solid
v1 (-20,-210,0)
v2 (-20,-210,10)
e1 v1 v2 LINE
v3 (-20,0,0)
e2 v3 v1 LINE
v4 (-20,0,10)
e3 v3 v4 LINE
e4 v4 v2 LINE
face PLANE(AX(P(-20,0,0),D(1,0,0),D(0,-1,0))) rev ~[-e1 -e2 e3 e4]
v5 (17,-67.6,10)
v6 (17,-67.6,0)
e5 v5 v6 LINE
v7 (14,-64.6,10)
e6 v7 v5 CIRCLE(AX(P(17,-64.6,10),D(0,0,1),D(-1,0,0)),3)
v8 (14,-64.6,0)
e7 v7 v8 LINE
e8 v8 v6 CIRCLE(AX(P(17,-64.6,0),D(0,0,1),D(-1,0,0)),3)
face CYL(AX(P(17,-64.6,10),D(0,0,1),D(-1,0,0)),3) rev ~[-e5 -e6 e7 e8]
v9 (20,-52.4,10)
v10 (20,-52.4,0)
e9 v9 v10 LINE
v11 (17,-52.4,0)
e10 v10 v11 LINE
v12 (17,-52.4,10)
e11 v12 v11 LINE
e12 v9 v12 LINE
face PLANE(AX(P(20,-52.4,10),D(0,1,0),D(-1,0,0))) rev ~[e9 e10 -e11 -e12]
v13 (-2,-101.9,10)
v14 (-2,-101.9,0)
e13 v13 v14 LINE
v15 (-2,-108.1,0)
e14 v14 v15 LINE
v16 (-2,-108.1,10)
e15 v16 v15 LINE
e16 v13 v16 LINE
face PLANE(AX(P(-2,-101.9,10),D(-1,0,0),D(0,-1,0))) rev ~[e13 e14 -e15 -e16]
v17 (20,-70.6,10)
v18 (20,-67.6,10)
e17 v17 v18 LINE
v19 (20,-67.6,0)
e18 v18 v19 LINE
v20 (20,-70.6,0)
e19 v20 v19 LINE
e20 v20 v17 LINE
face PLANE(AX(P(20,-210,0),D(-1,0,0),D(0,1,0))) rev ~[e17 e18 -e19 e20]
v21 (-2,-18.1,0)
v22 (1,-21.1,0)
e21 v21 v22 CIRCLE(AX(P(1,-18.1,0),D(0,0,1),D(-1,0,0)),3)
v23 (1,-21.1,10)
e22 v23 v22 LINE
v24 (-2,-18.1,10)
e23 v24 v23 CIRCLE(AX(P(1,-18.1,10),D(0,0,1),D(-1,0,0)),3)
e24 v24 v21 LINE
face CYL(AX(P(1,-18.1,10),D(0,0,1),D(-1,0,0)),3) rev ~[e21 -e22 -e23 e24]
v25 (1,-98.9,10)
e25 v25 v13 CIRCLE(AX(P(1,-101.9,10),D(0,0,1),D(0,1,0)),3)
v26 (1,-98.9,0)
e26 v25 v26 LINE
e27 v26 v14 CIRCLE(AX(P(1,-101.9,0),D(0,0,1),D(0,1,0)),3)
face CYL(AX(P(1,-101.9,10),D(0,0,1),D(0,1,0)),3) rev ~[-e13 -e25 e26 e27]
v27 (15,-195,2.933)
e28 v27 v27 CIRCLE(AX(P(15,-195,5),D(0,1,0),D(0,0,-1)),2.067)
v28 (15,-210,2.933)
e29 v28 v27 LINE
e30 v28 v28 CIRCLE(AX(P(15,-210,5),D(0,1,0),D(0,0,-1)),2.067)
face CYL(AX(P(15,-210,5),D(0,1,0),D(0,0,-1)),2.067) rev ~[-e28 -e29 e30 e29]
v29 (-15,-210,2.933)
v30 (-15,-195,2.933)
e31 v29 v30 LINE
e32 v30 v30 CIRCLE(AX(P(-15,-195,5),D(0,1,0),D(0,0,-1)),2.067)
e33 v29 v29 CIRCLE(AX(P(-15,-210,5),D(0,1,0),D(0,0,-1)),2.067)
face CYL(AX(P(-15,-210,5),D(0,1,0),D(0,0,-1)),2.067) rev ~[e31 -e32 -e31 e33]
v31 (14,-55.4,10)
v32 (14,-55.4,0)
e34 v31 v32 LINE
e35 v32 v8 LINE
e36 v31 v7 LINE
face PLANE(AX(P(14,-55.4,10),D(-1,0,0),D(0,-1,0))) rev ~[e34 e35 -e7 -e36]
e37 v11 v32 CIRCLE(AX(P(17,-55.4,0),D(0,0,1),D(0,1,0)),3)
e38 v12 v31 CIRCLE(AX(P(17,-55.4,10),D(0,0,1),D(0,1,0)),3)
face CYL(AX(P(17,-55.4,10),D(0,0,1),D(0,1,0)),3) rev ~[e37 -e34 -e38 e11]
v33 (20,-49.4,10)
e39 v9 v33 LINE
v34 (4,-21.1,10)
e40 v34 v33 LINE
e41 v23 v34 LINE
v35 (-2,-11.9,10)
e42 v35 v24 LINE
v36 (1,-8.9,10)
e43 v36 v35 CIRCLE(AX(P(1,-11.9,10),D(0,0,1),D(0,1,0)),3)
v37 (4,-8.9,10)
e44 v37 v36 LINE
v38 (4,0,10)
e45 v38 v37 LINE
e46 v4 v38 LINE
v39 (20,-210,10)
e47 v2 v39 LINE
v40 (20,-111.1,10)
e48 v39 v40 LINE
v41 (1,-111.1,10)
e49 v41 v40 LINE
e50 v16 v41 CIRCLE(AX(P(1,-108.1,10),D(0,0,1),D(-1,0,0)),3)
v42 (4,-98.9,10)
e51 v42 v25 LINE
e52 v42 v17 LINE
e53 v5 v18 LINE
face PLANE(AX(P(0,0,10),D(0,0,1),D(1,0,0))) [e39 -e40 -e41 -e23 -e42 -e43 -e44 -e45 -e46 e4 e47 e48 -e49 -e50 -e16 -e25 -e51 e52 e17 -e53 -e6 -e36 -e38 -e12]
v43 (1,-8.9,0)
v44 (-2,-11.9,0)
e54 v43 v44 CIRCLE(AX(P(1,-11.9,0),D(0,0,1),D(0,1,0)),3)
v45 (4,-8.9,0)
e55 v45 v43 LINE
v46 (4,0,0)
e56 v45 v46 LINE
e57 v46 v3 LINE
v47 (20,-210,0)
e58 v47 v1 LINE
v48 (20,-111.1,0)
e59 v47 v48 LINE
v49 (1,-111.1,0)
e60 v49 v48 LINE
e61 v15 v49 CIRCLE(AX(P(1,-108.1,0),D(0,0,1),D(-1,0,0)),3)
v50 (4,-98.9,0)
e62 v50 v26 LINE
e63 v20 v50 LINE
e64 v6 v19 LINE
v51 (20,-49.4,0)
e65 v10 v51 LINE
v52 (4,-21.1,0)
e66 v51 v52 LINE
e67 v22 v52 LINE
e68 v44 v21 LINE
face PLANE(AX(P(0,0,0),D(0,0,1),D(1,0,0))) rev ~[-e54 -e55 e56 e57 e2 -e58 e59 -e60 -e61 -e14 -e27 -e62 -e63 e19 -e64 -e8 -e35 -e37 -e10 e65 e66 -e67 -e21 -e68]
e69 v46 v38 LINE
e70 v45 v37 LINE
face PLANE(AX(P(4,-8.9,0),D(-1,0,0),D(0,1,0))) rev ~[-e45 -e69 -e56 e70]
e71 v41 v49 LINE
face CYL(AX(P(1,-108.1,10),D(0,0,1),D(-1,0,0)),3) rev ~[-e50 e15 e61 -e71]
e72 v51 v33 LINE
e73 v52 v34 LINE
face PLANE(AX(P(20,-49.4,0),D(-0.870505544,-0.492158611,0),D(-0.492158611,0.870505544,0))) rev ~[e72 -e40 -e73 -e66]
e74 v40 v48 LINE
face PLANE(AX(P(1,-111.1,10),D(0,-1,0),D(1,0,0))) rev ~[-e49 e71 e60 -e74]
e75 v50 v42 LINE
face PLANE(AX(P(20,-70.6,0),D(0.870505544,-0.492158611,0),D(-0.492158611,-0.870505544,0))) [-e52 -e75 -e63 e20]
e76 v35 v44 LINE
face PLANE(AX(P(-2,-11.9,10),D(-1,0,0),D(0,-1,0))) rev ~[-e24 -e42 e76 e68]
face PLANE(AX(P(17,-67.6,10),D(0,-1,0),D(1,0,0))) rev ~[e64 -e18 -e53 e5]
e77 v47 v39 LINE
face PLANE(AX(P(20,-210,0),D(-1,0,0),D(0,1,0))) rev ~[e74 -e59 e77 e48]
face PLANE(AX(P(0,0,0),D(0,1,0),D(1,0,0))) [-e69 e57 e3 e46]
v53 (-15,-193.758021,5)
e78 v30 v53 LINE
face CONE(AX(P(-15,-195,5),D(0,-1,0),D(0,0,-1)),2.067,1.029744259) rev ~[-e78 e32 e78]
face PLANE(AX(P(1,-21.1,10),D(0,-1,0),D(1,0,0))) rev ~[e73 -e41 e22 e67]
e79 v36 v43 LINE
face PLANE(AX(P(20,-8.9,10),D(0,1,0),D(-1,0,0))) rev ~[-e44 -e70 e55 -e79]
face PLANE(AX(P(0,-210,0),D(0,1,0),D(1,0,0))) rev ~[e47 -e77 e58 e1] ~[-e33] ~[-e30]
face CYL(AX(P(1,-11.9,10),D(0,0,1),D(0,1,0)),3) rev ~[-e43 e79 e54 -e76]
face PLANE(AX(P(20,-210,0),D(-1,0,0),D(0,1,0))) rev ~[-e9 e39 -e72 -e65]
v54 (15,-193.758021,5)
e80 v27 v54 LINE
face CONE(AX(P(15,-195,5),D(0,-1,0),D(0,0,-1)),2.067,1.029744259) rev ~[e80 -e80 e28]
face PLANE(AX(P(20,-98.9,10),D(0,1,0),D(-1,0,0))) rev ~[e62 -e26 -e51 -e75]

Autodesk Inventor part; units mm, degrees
ref_plane "YZ Plane" through (0, 0, 0) normal (1, 0, 0) x (0, 1, 0)
ref_plane "XZ Plane" through (0, 0, 0) normal (0, 1, 0) x (-1, 0, 0)
ref_plane "XY Plane" through (0, 0, 0) normal (0, 0, 1) x (1, 0, 0)
sketch "Skizze1" plane through (0, 0, 0) normal (0, 0, 1) x (1, 0, 0)
  line L0 (0, 42) -> (0, -252) projected
  line L1 (-28, 0) -> (28, 0) projected
  line L2 (20, 0) -> (-20, 0)
  line L3 (-20, 0) -> (-20, -210)
  line L4 (-20, -210) -> (20, -210)
  line L5 (20, -210) -> (20, 0)
  point P0 (0, 0)
  point P1 (0, -210)
  dimension "d0" = 210
  dimension "d1" = 40
extrude "Extrusion1" add sketch "Skizze1" along normal blind 10
sketch "Skizze2" plane through (0, 0, 10) normal (0, 0, 1) x (1, 0, 0)
  line L0 (20, 0) -> (20, -210) projected
  line L1 (-20, 0) -> (20, 0) projected
  line L2 (20, -8.9) -> (1, -8.9)
  line L3 (-2, -11.9) -> (-2, -18.1)
  line L4 (1, -21.1) -> (20, -21.1)
  line L5 (20, -21.1) -> (20, -8.9)
  arc A0 (1, -8.9) -> (-2, -11.9) centre (1, -11.9) ccw
  arc A1 (-2, -18.1) -> (1, -21.1) centre (1, -18.1) ccw
  line L6 (1, -12) -> (1, -18) construction
  line L7 (20, -52.4) -> (17, -52.4)
  line L8 (14, -55.4) -> (14, -64.6)
  line L9 (17, -67.6) -> (20, -67.6)
  line L10 (20, -67.6) -> (20, -52.4)
  arc A2 (17, -52.4) -> (14, -55.4) centre (17, -55.4) ccw
  arc A3 (14, -64.6) -> (17, -67.6) centre (17, -64.6) ccw
  line L11 (17, -55.5) -> (17, -64.5) construction
  line L12 (20, -98.9) -> (1, -98.9)
  line L13 (-2, -101.9) -> (-2, -108.1)
  line L14 (1, -111.1) -> (20, -111.1)
  line L15 (20, -111.1) -> (20, -98.9)
  arc A4 (1, -98.9) -> (-2, -101.9) centre (1, -101.9) ccw
  arc A5 (-2, -108.1) -> (1, -111.1) centre (1, -108.1) ccw
  line L16 (1, -102) -> (1, -108) construction
  point P0 (0, 0)
  dimension "d4" = 22
  dimension "d5" = 12.2
  dimension "d6" = 3
  dimension "d7" = 6
  dimension "d8" = 0.1
  dimension "d9" = 12
  dimension "d10" = 6
  dimension "d11" = 15.2
  dimension "d12" = 3
  dimension "d13" = 9
  dimension "d14" = 0.1
  dimension "d15" = 55.5
  dimension "d16" = 12.2
  dimension "d17" = 22
  dimension "d18" = 3
  dimension "d19" = 6
  dimension "d20" = 0.1
  dimension "d21" = 102
extrude "Extrusion2" cut sketch "Skizze2" against normal through all
sketch "Skizze3" plane through (0, 0, 0) normal (0, 0, -1) x (-1, 0, 0)
  line L0 (-20, -98.9) -> (-1, -98.9) projected
  line L1 (-20, 0) -> (20, 0) projected
  line L2 (-20, -8.9) -> (-20, 0) projected
  line L3 (-20, -8.9) -> (-1, -8.9) projected
  line L4 (-1, -21.1) -> (-20, -21.1) projected
  line L5 (-20, -52.4) -> (-20, -21.1) projected
  line L6 (-20, -52.4) -> (-17, -52.4) projected
  line L7 (-17, -67.6) -> (-20, -67.6) projected
  line L8 (-20, -98.9) -> (-20, -67.6) projected
  line L9 (-20, -49.4) -> (-4, -21.1)
  line L10 (-4, -8.9) -> (-4, 0)
  line L11 (-20, -70.6) -> (-4, -98.9)
  point P0 (0, 0)
  dimension "d24" = 3
  dimension "d25" = 3
  dimension "d26" = 16
  dimension "d27" = 3
  dimension "d28" = 3
extrude "Extrusion3" cut sketch "Skizze3" against normal through all
sketch "Skizze4" plane through (-20, -210, 0) normal (0, -1, 0) x (1, 0, 0)
  line L0 (0, 0) -> (40, 0) projected
  line L1 (40, 0) -> (40, 10) projected
  point P0 (20, 0)
  point P1 (5, 5)
  point P2 (35, 5)
  dimension "d31" = 30
  dimension "d32" = 5
  dimension "d33" = 5
  dimension "d34" = 5
hole "Bohrung1" at (-15, -210, 5) at (15, -210, 5) direction (0, 1, 0) diameter 4.134 depth 15 tip angle 118 thread size "M5x0.8" class "6H" standard "ISO Metric profile"
equation "\"d16\" = d5"
equation "\"d17\" = d4"
equation "\"d18\" = d6"
equation "\"d27\" = d25"
equation "\"d28\" = d24"
equation "\"d34\" = d33"
properties part number "Olfactometer_Holder" material "Stainless Steel"
